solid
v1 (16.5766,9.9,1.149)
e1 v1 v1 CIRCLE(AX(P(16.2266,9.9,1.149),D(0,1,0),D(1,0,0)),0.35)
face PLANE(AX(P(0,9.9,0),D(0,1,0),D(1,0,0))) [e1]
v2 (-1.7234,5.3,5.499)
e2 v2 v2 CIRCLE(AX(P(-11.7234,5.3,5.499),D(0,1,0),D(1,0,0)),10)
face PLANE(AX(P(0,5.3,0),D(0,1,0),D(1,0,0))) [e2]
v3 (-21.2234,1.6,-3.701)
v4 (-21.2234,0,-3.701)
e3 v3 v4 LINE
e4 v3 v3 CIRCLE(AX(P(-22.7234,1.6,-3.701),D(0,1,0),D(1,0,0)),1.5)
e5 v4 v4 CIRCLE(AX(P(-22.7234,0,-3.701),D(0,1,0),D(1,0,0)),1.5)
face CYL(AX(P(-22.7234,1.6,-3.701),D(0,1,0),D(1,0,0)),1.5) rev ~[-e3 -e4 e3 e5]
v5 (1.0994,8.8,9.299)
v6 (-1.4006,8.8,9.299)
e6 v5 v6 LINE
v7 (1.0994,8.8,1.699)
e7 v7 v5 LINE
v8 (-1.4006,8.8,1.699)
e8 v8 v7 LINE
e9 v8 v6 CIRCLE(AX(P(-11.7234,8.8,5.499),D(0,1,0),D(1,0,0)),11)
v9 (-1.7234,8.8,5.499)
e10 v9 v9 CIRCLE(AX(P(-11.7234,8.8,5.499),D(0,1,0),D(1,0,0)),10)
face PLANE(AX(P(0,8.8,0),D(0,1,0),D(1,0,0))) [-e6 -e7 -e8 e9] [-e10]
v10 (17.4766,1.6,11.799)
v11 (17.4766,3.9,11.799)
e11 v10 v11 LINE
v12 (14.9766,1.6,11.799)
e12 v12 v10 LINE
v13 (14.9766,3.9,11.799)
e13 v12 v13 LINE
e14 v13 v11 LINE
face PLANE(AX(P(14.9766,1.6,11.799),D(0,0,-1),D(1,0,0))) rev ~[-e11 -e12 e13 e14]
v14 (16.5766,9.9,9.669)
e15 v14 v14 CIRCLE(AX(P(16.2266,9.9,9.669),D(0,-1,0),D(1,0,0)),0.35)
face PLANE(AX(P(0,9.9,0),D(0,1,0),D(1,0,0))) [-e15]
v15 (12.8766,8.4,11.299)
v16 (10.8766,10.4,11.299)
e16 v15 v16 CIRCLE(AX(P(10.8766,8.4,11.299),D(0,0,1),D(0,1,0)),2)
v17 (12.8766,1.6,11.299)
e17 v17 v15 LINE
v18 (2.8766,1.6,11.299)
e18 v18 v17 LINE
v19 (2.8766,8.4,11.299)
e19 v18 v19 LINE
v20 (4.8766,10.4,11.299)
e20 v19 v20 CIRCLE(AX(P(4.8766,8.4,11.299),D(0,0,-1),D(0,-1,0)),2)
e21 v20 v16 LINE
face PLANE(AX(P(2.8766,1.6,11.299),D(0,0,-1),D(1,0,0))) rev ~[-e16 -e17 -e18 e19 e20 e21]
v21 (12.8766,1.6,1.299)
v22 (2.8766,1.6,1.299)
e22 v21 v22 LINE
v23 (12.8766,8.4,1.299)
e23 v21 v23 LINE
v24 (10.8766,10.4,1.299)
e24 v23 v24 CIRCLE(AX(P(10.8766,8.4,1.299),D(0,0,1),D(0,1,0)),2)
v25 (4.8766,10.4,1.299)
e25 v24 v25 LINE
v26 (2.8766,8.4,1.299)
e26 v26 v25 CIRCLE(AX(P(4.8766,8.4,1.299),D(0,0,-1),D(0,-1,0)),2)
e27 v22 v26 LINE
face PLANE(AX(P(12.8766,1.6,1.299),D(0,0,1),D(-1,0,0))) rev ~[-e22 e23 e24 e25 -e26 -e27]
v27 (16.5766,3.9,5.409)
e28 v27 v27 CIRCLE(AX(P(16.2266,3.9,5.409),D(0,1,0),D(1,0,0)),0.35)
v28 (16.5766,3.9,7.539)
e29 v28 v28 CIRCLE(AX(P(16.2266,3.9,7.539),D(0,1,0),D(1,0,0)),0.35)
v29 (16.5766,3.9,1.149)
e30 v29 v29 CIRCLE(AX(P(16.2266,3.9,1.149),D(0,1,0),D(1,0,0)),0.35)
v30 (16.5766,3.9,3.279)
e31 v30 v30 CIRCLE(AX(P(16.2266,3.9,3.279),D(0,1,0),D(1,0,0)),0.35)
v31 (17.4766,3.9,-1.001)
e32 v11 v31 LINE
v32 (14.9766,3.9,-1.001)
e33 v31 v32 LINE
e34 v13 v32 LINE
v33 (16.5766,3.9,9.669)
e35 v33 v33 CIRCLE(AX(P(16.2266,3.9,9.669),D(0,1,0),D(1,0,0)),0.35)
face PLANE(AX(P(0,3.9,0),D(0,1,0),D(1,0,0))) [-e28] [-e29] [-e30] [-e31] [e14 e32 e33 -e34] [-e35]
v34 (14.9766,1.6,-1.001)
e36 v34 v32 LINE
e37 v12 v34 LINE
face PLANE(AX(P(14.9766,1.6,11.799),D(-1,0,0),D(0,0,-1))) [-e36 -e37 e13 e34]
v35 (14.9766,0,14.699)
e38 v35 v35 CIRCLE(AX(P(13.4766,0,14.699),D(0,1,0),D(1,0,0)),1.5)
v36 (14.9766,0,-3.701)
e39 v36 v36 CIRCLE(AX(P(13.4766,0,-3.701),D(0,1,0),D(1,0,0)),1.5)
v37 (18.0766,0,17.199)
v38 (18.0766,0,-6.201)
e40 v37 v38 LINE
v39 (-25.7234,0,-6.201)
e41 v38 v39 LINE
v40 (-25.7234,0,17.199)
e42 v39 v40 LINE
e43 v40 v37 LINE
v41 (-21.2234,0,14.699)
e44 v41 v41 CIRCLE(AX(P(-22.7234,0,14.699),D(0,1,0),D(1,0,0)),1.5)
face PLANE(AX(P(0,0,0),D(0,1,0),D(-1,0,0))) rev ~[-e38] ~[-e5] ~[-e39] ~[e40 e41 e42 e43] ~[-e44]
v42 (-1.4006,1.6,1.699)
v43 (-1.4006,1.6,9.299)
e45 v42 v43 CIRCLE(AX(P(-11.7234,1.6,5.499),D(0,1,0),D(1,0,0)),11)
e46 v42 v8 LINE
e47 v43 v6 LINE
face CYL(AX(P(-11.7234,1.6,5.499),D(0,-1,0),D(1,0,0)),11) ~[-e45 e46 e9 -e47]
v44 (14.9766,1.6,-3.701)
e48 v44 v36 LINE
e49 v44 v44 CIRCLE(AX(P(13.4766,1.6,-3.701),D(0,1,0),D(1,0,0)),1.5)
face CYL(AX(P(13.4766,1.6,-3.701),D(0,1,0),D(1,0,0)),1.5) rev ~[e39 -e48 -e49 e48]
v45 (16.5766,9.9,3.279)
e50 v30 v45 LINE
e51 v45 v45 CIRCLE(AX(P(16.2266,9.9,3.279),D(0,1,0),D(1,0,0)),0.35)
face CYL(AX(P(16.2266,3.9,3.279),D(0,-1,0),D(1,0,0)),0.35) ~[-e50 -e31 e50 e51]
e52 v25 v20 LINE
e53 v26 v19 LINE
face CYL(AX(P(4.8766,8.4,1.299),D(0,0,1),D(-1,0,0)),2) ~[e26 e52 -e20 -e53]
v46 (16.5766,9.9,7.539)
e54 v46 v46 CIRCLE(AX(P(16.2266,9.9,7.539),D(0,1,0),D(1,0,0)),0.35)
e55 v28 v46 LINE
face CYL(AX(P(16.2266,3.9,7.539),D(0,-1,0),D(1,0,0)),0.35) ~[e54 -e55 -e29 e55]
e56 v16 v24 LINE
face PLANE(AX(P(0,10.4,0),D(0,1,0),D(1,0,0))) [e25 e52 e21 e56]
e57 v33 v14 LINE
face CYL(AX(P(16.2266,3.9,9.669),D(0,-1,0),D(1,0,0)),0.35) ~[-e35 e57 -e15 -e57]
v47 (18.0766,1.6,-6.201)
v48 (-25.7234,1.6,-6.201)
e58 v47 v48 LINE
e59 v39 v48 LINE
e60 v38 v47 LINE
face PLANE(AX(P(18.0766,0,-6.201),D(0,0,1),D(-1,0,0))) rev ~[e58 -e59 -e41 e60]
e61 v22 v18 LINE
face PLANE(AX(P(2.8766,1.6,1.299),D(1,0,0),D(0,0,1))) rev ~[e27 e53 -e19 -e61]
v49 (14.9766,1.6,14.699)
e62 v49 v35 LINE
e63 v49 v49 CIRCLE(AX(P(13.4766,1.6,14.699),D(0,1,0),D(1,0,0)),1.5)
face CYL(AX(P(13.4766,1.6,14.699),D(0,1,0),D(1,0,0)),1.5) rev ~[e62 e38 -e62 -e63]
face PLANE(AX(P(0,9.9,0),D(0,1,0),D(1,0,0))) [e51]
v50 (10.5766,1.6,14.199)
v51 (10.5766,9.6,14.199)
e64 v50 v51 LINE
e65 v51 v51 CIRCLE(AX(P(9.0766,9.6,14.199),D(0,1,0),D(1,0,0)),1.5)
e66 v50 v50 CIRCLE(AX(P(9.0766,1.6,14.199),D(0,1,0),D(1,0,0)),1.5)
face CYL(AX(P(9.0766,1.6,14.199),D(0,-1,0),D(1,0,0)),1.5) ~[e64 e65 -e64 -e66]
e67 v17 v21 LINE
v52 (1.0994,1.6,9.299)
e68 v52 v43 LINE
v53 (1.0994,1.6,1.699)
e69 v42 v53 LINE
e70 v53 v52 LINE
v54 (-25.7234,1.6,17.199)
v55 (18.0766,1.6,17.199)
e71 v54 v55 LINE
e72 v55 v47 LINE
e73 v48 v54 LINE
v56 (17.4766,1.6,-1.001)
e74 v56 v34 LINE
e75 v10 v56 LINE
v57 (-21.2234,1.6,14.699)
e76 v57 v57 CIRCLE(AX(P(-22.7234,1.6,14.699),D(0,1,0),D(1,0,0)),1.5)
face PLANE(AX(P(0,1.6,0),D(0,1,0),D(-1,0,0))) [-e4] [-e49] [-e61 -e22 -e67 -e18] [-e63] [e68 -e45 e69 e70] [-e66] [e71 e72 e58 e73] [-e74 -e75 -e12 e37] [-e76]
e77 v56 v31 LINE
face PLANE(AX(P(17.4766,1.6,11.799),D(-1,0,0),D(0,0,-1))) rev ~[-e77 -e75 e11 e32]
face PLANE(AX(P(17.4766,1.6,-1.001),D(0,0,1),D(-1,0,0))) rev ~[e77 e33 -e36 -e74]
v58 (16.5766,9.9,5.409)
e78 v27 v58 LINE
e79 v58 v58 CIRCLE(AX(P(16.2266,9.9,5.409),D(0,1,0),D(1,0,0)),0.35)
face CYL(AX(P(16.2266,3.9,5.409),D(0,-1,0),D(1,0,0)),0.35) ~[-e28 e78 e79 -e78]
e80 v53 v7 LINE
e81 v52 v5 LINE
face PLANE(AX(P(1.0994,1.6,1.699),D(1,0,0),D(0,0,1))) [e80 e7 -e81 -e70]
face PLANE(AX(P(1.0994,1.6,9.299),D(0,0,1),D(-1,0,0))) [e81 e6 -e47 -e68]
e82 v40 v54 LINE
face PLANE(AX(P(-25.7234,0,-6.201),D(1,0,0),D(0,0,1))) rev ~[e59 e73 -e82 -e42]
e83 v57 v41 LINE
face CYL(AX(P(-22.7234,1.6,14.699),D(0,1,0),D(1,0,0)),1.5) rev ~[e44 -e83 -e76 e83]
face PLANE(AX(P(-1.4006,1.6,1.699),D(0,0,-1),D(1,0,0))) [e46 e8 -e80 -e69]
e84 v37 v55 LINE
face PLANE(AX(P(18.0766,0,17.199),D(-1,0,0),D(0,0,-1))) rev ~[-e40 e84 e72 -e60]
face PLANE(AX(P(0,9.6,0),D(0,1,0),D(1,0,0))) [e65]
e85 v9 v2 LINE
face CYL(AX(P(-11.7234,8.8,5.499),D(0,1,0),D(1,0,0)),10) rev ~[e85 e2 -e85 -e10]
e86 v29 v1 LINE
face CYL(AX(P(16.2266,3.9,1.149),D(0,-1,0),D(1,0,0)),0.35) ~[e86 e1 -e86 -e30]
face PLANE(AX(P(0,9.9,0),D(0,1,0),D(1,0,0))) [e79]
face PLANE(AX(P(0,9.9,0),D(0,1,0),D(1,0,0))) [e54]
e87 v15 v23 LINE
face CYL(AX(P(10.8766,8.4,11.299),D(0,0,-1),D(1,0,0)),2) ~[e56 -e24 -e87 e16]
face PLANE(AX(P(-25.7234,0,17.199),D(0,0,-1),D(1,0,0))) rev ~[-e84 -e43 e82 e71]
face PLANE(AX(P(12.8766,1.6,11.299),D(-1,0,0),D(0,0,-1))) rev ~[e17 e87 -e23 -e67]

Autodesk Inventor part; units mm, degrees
ref_plane "YZ Plane" through (0, 0, 0) normal (1, 0, 0) x (0, 1, 0)
ref_plane "XZ Plane" through (0, 0, 0) normal (0, 1, 0) x (-1, 0, 0)
ref_plane "XY Plane" through (0, 0, 0) normal (0, 0, 1) x (1, 0, 0)
sketch "Sketch1" plane through (0, 0, 0) normal (0, 1, 0) x (-1, 0, 0)
  line L0 (25.7234, 17.199) -> (-18.0766, 17.199)
  line L1 (-18.0766, 17.199) -> (-18.0766, -6.201)
  line L2 (-18.0766, -6.201) -> (25.7234, -6.201)
  line L3 (25.7234, -6.201) -> (25.7234, 17.199)
  point P0 (0, 0)
  dimension "d0" = 43.8
  dimension "d1" = 23.4
extrude "Extrusion1" add sketch "Sketch1" along normal blind 1.6
sketch "Sketch2" plane through (0, 1.6, 0) normal (0, 1, 0) x (1, 0, 0)
  line L0 (18.0766, -17.199) -> (18.0766, 6.201) projected
  line L1 (14.9766, -11.799) -> (14.9766, 1.001)
  line L2 (-25.7234, -17.199) -> (18.0766, -17.199) projected
  line L3 (14.9766, -11.799) -> (17.4766, -11.799)
  line L4 (17.4766, -11.799) -> (17.4766, 1.001)
  line L5 (17.4766, 1.001) -> (14.9766, 1.001)
  point P0 (0, 0)
  dimension "d6" = 12.8
  dimension "d7" = 0.6
  dimension "d8" = 2.5
  dimension "d9" = 5.4
extrude "Extrusion2" add sketch "Sketch2" along normal blind 2.3
sketch "Sketch3" plane through (0, 3.9, 0) normal (0, 1, 0) x (1, 0, 0)
  line L0 (14.9766, -11.799) -> (17.4766, -11.799) projected
  line L1 (16.2266, -11.799) -> (16.2266, -9.669)
  circle A0 centre (16.2266, -9.669) radius 0.35
  circle A1 centre (16.2266, -7.539) radius 0.35
  circle A2 centre (16.2266, -5.409) radius 0.35
  circle A3 centre (16.2266, -3.279) radius 0.35
  circle A4 centre (16.2266, -1.149) radius 0.35
  point P0 (0, 0)
  dimension "d12" = 2.13
  dimension "d13" = 0.7
  dimension "d14" = 0.7
  dimension "d15" = 0.7
  dimension "d16" = 0.7
  dimension "d17" = 0.7
  dimension "d19" = 2.13
  dimension "d20" = 2.13
  dimension "d21" = 2.13
  dimension "d22" = 2.13
extrude "Extrusion3" add sketch "Sketch3" along normal blind 6
sketch "Sketch4" plane through (0, 1.6, 0) normal (0, 1, 0) x (1, 0, 0)
  circle A0 centre (-11.7234, -5.499) radius 11
  line L0 (-25.7234, -17.199) -> (18.0766, -17.199) projected
  line L1 (18.0766, 6.201) -> (-25.7234, 6.201) projected
  line L2 (-25.7234, 6.201) -> (-25.7234, -17.199) projected
  point P0 (0, 0)
  dimension "d25" = 22
  dimension "d44" = 14
  dimension "d45" = 11.7
extrude "Extrusion4" add sketch "Sketch4" along normal blind 7.2
sketch "Sketch5" plane through (0, 1.6, 0) normal (0, 1, 0) x (1, 0, 0)
  circle A0 centre (-11.7234, -5.499) radius 11 projected
  line L0 (-1.4006, -1.699) -> (1.0994, -1.699)
  line L1 (1.0994, -1.699) -> (1.0994, -9.299)
  line L2 (1.0994, -9.299) -> (-1.4006, -9.299)
  point P0 (0, 0)
  dimension "d30" = 7.6
  dimension "d31" = 2.5
  dimension "d32" = 2.5
extrude "Extrusion5" add sketch "Sketch5" along normal blind 7.2 contours A0 L0 L1 L2
sketch "Sketch6" plane through (0, 8.8, 0) normal (0, 1, 0) x (1, 0, 0)
  arc A0 (-1.4006, -1.699) -> (-1.4006, -9.299) centre (-11.7234, -5.499) ccw projected
  circle A1 centre (-11.7234, -5.499) radius 10
  point P0 (0, 0)
  dimension "d35" = 20
extrude "Extrusion6" cut sketch "Sketch6" against normal blind 3.5
sketch "Sketch7" plane through (0, 1.6, 0) normal (0, 1, 0) x (1, 0, 0)
  point P0 (0, 0)
sketch "Sketch8" plane through (0, 1.6, 0) normal (0, 1, 0) x (1, 0, 0)
  line L0 (12.8766, -11.299) -> (12.8766, -1.299)
  line L1 (12.8766, -1.299) -> (2.8766, -1.299)
  line L2 (2.8766, -1.299) -> (2.8766, -11.299)
  line L3 (2.8766, -11.299) -> (12.8766, -11.299)
  line L4 (14.9766, 1.001) -> (14.9766, -11.799) projected
  line L5 (18.0766, 6.201) -> (-25.7234, 6.201) projected
  point P0 (0, 0)
  dimension "d38" = 2.1
  dimension "d39" = 10
  dimension "d40" = 10
  dimension "d41" = 7.5
extrude "Extrusion7" add sketch "Sketch8" along normal blind 8.8
sketch "Sketch10" plane through (0, 1.6, 0) normal (0, 1, 0) x (1, 0, 0)
  circle A0 centre (9.0766, -14.199) radius 1.5
  line L0 (18.0766, -17.199) -> (18.0766, 6.201) projected
  line L1 (-25.7234, -17.199) -> (18.0766, -17.199) projected
  point P0 (0, 0)
  dimension "d46" = 3
  dimension "d47" = 9
  dimension "d48" = 3
extrude "Extrusion8" add sketch "Sketch10" along normal blind 8
fillet "Fillet1" radius 2 2 edges at (12.8766, 10.4, 6.299) (2.8766, 10.4, 6.299)
sketch "Sketch11" plane through (0, 1.6, 0) normal (0, 1, 0) x (1, 0, 0)
  circle A0 centre (13.4766, -14.699) radius 1.5
  circle A1 centre (13.4766, 3.701) radius 1.5
  circle A2 centre (-22.7234, 3.701) radius 1.5
  circle A3 centre (-22.7234, -14.699) radius 1.5
  line L0 (-25.7234, 6.201) -> (-25.7234, -17.199) projected
  line L1 (-25.7234, -17.199) -> (18.0766, -17.199) projected
  point P0 (0, 0)
  dimension "d52" = 3
  dimension "d53" = 3
  dimension "d54" = 21.4
  dimension "d55" = 3
  dimension "d56" = 36.2
  dimension "d57" = 3
  dimension "d58" = 3
  dimension "d59" = 3
  dimension "d60" = 18.4
  dimension "d61" = 2.5
  dimension "d62" = 2.5
  dimension "d64" = 36.2
extrude "Extrusion9" cut sketch "Sketch11" against normal blind 8
sketch "Sketch12" plane through (0, 1.6, 0) normal (0, 1, 0) x (1, 0, 0)
  circle A0 centre (-22.7234, -14.699) radius 1.5 projected
  circle A1 centre (-22.7234, -14.699) radius 1.5
  circle A2 centre (-22.7234, 3.701) radius 1.5 projected
  circle A3 centre (-22.7234, 3.701) radius 1.5
  circle A4 centre (13.4766, 3.701) radius 1.5 projected
  circle A5 centre (13.4766, 3.701) radius 1.5
  circle A6 centre (13.4766, -14.699) radius 1.5 projected
  circle A7 centre (13.4766, -14.699) radius 1.5
  point P0 (0, 0)
properties part number "DS1302"
